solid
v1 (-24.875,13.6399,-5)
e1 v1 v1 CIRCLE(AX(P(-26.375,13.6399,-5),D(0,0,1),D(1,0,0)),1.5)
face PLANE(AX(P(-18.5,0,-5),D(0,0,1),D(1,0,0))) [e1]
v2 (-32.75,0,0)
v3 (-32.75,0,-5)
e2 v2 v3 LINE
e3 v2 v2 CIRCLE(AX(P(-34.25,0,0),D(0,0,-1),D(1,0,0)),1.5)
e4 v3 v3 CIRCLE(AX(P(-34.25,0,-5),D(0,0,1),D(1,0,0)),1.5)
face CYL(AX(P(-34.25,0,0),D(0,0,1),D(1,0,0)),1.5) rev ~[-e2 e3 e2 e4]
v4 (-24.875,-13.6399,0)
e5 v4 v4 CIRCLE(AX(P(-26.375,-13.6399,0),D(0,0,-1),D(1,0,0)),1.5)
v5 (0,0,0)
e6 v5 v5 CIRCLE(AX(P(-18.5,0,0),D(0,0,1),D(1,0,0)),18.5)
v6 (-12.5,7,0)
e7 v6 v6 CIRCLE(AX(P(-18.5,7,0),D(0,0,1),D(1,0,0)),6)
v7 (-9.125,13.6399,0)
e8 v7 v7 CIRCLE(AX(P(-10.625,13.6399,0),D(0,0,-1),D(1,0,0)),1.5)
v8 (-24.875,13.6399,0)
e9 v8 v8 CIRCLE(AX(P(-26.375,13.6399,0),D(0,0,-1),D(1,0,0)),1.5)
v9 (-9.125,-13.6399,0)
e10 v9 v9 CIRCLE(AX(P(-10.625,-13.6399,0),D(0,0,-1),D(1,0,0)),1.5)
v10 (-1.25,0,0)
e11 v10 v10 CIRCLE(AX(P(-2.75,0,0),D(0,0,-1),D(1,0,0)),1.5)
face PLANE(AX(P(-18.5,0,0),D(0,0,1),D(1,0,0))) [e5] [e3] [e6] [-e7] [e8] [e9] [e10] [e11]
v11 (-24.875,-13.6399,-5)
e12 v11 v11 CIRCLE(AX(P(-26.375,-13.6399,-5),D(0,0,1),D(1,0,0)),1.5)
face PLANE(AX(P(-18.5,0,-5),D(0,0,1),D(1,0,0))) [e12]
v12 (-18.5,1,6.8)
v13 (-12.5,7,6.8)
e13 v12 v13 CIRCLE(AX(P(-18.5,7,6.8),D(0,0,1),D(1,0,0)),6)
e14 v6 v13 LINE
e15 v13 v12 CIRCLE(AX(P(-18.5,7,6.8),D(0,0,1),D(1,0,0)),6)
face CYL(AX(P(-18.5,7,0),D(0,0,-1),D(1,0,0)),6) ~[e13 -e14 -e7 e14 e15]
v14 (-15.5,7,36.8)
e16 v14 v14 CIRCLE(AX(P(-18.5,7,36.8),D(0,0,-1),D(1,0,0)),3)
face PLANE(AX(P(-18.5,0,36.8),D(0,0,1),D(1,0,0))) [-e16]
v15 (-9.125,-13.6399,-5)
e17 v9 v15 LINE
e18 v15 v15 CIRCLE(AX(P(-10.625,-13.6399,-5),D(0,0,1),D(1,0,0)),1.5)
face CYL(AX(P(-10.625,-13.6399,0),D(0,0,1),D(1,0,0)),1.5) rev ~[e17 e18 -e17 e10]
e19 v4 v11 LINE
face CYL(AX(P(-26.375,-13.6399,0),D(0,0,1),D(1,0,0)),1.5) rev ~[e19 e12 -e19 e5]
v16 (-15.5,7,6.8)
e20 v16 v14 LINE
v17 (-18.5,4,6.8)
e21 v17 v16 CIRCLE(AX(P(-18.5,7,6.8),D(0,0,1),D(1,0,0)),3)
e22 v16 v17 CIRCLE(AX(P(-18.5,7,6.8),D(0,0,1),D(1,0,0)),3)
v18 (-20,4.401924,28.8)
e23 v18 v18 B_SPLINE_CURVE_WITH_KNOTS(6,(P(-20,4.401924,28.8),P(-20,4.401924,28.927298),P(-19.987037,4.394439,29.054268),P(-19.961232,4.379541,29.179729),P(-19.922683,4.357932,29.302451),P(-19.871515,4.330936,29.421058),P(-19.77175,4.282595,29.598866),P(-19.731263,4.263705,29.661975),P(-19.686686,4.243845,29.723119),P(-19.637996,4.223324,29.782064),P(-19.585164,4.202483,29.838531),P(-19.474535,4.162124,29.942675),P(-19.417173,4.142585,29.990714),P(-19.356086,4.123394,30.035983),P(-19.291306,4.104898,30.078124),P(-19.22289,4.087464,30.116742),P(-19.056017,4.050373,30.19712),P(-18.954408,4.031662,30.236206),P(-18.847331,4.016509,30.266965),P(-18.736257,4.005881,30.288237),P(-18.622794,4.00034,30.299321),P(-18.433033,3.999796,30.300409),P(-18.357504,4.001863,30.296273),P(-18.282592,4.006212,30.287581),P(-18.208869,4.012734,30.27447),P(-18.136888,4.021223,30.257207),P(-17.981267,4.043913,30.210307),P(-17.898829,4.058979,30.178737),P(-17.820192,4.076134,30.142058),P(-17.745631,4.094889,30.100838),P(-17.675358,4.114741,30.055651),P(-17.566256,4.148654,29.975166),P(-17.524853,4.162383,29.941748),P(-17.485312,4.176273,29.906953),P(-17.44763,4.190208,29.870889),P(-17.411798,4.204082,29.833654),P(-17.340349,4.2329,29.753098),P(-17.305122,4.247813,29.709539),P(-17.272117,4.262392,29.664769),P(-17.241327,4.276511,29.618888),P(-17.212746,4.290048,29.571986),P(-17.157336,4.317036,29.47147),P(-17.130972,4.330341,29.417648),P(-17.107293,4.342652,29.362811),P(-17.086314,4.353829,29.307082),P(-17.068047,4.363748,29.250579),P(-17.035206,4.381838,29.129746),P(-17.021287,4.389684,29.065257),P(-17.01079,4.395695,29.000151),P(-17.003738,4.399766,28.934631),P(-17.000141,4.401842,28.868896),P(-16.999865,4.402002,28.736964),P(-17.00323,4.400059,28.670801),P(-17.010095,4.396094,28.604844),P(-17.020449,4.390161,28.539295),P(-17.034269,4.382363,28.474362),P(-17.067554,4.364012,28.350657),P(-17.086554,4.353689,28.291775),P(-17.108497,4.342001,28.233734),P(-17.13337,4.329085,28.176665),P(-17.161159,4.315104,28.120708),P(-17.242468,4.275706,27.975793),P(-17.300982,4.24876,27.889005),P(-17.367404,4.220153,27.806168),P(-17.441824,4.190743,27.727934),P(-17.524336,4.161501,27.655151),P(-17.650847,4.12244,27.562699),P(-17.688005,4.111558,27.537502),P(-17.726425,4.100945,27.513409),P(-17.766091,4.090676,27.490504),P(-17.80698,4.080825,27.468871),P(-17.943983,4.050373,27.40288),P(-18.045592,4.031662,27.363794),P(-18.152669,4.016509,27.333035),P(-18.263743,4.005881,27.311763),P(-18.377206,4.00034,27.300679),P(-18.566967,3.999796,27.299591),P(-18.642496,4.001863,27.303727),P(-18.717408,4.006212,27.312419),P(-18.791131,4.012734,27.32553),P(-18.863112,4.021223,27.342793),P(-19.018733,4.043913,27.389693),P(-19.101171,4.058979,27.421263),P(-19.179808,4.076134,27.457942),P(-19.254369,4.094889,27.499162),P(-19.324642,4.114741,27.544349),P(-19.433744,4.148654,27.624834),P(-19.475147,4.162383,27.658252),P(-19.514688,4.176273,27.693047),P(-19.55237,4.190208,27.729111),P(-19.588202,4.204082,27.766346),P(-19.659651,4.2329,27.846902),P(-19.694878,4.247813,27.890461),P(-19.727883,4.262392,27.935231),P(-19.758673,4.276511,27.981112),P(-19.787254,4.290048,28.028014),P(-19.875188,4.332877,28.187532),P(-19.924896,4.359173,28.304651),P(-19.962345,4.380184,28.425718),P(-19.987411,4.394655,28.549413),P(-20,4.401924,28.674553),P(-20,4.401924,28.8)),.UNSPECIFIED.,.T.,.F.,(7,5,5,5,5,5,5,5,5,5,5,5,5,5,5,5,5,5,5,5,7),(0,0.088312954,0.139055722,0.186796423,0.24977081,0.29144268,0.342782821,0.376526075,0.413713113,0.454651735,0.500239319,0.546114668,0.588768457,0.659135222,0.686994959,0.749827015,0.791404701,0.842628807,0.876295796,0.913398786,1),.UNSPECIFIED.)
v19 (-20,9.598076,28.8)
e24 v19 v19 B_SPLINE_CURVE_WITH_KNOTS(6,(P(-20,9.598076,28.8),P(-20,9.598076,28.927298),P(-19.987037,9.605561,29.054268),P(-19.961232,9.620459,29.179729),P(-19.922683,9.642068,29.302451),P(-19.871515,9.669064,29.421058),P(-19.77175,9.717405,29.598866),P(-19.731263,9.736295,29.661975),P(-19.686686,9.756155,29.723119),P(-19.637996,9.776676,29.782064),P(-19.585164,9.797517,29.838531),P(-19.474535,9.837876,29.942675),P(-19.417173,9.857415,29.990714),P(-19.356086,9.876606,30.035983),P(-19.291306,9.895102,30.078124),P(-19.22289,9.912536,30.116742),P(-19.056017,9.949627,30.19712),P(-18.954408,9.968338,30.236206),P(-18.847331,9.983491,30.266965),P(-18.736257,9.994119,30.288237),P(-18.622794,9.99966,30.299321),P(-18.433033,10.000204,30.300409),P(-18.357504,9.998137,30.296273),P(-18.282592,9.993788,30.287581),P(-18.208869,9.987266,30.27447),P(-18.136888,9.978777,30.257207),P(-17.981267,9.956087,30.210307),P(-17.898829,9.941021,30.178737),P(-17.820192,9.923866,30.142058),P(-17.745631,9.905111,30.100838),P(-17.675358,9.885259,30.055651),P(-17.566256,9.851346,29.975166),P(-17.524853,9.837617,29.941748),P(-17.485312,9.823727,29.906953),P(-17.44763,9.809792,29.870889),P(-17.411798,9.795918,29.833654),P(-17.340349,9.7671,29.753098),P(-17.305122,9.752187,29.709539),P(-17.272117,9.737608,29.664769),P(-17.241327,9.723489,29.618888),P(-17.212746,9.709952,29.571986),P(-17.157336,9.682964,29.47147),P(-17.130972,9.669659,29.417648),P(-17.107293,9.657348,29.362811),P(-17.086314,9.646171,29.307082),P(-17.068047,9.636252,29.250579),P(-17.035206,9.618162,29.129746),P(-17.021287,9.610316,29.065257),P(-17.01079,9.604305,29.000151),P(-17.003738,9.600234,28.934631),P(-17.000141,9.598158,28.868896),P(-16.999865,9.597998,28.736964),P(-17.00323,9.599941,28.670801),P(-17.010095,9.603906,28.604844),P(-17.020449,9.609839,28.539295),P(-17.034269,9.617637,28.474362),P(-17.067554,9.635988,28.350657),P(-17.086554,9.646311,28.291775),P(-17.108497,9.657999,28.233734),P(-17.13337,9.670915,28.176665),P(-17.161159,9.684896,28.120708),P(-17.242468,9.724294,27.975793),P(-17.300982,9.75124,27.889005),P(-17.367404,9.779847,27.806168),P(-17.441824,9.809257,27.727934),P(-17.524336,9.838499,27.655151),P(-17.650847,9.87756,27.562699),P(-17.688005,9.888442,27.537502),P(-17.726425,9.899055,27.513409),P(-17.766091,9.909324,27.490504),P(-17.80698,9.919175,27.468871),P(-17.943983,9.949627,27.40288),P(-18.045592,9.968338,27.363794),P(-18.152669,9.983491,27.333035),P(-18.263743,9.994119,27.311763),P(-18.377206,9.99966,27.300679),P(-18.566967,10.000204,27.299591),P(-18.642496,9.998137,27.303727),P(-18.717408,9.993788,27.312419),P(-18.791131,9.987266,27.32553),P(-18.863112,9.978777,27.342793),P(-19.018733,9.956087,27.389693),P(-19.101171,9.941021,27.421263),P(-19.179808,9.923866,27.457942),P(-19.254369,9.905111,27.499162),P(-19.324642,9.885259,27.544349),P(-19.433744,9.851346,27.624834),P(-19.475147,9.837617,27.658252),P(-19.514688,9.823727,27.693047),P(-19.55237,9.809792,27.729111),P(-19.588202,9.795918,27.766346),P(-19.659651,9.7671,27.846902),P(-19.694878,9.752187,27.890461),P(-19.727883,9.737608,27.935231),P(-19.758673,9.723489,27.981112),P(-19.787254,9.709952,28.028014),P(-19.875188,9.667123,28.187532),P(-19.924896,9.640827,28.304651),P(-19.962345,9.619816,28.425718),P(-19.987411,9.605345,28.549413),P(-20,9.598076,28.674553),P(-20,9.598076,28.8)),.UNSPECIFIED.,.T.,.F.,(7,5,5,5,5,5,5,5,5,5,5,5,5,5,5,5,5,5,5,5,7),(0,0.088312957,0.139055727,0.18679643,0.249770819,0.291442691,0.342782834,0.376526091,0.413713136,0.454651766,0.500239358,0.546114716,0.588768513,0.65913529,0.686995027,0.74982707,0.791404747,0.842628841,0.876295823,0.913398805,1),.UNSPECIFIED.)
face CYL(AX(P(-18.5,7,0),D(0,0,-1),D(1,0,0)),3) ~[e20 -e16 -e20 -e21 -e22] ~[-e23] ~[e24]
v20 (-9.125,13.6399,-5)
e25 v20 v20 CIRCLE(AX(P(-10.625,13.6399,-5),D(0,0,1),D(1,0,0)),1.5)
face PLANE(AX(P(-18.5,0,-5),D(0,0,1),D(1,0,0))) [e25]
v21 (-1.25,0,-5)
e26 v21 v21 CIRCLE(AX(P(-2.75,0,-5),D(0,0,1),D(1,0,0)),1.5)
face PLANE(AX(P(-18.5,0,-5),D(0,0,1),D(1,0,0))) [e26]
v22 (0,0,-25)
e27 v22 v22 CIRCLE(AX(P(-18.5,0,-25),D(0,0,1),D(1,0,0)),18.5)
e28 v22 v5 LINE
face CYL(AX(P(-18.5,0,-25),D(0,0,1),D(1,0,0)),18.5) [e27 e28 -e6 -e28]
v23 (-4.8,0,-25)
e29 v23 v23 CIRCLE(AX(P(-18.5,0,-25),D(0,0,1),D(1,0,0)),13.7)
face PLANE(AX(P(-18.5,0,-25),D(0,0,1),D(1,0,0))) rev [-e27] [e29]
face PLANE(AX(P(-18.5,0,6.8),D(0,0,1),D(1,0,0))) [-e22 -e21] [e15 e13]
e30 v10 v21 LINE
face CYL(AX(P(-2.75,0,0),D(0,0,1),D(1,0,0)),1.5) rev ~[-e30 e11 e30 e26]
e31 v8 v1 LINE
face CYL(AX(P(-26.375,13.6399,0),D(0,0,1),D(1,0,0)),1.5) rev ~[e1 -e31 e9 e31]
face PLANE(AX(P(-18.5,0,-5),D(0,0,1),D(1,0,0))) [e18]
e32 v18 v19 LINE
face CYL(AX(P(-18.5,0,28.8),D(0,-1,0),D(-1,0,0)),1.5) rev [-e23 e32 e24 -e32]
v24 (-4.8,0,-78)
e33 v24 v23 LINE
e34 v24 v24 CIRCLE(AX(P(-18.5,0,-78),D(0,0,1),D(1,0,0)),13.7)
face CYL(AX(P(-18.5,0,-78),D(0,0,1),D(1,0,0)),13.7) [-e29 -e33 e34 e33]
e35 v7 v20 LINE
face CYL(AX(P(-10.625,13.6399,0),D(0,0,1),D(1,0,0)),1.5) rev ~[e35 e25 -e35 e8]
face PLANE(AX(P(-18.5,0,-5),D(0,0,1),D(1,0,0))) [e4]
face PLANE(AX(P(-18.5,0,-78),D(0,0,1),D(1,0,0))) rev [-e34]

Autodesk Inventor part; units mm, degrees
ref_plane "YZ Plane" through (0, 0, 0) normal (1, 0, 0) x (0, 1, 0)
ref_plane "XZ Plane" through (0, 0, 0) normal (0, 1, 0) x (-1, 0, 0)
ref_plane "XY Plane" through (0, 0, 0) normal (0, 0, 1) x (1, 0, 0)
sketch "Sketch1" plane through (0, 0, 0) normal (0, 1, 0) x (-1, 0, 0)
  line L0 (0, 0) -> (18.5, 0)
  line L1 (37, 0) -> (37, -25)
  line L2 (0, -25) -> (0, 0)
  line L3 (18.5, -25) -> (18.5, -78)
  line L4 (32.2, -78) -> (32.2, -25)
  line L5 (4.8, -78) -> (4.8, -25)
  line L6 (32.2, -78) -> (4.8, -78)
  line L7 (18.5, -78) -> (18.5, 0)
  line L8 (37, -25) -> (32.2, -25)
  line L9 (18.5, -25) -> (0, -25)
  line L10 (18.5, -25) -> (4.8, -25)
  line L11 (18.5, -78) -> (4.8, -78)
  line L12 (18.5, 0) -> (25.5, 0)
  line L13 (18.5, 0) -> (18.5, 36.8)
  line L14 (18.5, 36.8) -> (18.5, 28.8)
  circle A0 centre (18.5, 28.8) radius 1.5
  dimension "d1" = 25
  dimension "d2" = 53
  dimension "d30" = 36.8
  dimension "d31" = 8
  dimension "d32" = 3
revolve "Revolution1" add sketch "Sketch1" angle 360 about axis through (-18.5, 0, -78) along (0, 0, 1) contours L0 L7 L9 L2 | L3 L6 L5 L9
sketch "Sketch2" plane through (-18.5, 0, 0) normal (0, 0, 1) x (1, 0, 0)
  circle A0 centre (0, 0) radius 15.75
  circle A1 centre (-15.75, 0) radius 1.5
  circle A2 centre (15.75, 0) radius 1.5
  line L0 (0, 0) -> (0, 7)
  circle A3 centre (0, 7) radius 6
  circle A4 centre (0, 7) radius 3
  circle A5 centre (-7.875, 13.6399) radius 1.5
  circle A6 centre (7.875, 13.6399) radius 1.5
  circle A7 centre (-7.875, -13.6399) radius 1.5
  circle A8 centre (7.875, -13.6399) radius 1.5
  point P0 (18.5, 0)
  dimension "d12" = 3
  dimension "d13" = 3
  dimension "d14" = 7
  dimension "d15" = 12
  dimension "d16" = 6
  dimension "d17" = 3
  dimension "d18" = 3
  dimension "d19" = 3
  dimension "d20" = 3
extrude "Extrusion3" add sketch "Sketch2" along normal blind 6.8 contours A3
extrude "Extrusion4" add sketch "Sketch2" along normal blind 36.8 contours A4
extrude "Extrusion5" cut sketch "Sketch2" against normal blind 5 contours A0 A2 | A0 A2 | A6 A0 | A0 A6 | A8 A0 | A0 A8 | A5 A0 | A0 A5 | A7 A0 | A0 A7 | A1 A0 | A0 A1
extrude "Extrusion6" cut sketch "Sketch1" along normal blind 20 contours A0 L13 | L13 A0
properties part number "offcentered_shaft_dc_and_encoder"
